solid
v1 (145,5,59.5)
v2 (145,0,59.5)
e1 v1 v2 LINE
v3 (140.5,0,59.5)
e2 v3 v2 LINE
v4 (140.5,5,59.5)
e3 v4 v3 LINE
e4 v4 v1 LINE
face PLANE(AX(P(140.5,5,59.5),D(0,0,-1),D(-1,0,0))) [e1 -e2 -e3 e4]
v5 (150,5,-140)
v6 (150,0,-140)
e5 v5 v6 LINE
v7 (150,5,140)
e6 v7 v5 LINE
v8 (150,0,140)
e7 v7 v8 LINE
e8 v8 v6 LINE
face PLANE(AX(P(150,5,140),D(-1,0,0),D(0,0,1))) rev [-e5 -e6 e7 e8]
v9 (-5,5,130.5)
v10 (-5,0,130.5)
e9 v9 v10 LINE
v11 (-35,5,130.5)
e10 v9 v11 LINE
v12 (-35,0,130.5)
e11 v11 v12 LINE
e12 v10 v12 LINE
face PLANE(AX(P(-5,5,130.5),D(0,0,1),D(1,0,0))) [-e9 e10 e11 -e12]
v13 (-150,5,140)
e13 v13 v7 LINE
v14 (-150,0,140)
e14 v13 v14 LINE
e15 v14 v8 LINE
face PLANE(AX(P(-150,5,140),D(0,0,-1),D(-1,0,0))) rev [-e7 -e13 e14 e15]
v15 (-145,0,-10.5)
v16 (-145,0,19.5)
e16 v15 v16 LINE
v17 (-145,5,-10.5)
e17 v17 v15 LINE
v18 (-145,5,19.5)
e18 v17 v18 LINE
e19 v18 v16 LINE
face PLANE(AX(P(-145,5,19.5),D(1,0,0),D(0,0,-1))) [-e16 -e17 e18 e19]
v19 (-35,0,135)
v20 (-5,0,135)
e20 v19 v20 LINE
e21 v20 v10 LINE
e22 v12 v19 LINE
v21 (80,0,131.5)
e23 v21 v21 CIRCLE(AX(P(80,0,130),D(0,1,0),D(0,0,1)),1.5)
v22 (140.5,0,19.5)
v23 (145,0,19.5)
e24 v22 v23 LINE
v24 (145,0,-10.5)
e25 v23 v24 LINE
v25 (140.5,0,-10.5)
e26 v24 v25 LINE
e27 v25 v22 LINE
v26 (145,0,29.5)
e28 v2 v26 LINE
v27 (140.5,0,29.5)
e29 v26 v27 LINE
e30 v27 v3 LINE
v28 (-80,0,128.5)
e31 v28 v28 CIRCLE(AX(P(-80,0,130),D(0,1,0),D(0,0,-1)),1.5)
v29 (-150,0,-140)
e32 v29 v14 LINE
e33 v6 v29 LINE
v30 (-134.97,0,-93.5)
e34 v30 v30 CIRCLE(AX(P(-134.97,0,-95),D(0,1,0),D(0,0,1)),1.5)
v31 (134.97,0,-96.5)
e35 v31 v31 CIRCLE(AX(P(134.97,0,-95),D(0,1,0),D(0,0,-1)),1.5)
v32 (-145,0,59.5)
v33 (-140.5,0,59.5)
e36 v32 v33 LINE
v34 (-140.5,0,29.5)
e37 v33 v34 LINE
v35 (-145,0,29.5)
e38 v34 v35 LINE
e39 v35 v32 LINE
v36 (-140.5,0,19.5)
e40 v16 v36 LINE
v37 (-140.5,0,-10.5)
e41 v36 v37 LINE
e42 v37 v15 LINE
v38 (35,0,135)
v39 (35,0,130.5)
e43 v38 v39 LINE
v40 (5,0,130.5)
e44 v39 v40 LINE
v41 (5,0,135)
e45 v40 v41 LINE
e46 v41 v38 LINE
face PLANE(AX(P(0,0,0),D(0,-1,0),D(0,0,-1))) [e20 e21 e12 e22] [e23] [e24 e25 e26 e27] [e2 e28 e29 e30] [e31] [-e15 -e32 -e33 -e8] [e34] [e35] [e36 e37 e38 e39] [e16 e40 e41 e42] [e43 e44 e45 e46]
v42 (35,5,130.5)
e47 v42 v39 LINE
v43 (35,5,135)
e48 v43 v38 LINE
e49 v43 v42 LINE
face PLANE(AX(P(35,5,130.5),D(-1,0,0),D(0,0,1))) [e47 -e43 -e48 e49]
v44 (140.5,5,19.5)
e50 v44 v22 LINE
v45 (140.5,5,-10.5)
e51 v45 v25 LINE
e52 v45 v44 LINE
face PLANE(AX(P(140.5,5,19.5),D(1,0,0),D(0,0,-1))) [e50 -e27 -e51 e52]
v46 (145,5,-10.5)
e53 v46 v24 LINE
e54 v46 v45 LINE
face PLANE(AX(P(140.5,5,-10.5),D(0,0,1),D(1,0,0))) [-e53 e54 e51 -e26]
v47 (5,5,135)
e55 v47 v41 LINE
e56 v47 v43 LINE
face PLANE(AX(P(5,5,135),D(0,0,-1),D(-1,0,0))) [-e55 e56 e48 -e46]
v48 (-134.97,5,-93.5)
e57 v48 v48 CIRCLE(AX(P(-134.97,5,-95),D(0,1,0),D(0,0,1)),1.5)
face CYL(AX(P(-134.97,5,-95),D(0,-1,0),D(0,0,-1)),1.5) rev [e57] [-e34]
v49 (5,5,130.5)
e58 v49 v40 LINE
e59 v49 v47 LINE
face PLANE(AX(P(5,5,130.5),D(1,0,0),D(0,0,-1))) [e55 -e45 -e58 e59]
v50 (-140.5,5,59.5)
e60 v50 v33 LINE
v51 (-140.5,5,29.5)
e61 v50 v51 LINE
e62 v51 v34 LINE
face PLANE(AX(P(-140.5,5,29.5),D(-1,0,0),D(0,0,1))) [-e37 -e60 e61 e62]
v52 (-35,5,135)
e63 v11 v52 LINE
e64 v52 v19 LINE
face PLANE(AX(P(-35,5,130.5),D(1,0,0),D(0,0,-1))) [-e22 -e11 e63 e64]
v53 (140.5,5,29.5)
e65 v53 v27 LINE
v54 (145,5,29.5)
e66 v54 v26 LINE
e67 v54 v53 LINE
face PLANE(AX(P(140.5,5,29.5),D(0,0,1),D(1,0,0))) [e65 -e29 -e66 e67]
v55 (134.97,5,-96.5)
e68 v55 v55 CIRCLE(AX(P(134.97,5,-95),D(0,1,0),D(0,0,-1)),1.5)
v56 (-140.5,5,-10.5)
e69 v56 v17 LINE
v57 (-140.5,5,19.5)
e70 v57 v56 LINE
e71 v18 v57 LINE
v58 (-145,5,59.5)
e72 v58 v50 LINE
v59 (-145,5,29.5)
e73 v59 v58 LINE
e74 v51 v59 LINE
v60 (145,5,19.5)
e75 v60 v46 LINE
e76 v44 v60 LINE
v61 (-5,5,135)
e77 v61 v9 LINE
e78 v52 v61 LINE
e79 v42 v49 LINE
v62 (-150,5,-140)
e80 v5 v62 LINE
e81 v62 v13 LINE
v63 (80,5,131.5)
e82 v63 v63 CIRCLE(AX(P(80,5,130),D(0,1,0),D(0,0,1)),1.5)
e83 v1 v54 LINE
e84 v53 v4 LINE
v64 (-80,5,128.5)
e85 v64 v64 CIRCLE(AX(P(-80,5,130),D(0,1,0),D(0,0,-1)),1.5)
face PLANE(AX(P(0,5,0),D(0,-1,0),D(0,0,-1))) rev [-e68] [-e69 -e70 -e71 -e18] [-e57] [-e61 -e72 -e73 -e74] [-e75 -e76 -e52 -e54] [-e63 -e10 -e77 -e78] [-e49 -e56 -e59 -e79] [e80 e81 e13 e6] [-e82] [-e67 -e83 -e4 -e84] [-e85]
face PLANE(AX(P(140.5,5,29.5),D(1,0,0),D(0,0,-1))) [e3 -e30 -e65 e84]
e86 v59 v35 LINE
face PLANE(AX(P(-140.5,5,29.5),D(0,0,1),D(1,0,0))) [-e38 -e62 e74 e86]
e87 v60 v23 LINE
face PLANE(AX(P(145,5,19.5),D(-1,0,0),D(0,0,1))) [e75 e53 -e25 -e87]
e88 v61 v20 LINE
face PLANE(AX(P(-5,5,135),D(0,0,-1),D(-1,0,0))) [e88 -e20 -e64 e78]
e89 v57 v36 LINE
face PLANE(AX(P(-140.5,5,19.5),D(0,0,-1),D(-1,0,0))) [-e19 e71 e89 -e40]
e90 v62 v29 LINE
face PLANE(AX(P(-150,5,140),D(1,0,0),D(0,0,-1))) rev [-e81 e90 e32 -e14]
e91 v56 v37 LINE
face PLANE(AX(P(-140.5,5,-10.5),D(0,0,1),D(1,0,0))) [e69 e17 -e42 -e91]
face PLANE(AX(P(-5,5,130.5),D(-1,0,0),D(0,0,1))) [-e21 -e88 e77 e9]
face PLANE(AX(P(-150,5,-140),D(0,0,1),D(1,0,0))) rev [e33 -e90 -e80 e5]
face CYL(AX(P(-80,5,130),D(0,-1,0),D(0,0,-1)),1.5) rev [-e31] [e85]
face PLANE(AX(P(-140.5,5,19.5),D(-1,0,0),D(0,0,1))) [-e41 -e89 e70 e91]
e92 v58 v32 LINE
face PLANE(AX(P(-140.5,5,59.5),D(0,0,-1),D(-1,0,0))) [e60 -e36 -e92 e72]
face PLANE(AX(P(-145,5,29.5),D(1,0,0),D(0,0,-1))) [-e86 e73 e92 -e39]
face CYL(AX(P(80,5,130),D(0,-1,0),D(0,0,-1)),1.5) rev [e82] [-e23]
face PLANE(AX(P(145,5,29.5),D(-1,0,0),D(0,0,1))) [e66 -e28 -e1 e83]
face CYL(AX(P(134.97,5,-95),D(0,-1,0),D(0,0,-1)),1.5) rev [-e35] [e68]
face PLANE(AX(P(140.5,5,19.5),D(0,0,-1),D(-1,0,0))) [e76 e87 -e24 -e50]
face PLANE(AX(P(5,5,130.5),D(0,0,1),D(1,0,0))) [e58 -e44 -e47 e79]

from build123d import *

# Parameters (mm, degrees)
SKETCH1_W           = 300
SKETCH1_H           = 280
SKETCH1_R           = 1.5
SKETCH1_W_2         = 30
SKETCH1_H_2         = 4.5
SKETCH1_W_3         = 4.5
SKETCH1_H_3         = 30
BOSS_EXTRUDE1_DEPTH = 5


with BuildPart() as part:
    # Sketch1 → Boss-Extrude1 (new body)
    with BuildSketch(Plane(origin=(0, 0, 0), x_dir=(1, 0, 0), z_dir=(0, 1, 0))):
        Rectangle(SKETCH1_W, SKETCH1_H)
        with Locations(Location((-134.97, 95, 0), (0, 0, 270))):
            Circle(SKETCH1_R, mode=Mode.SUBTRACT)
        with Locations(Location((134.97, 95, 0), (0, 0, 90))):
            Circle(SKETCH1_R, mode=Mode.SUBTRACT)
        with Locations(Location((80, -130, 0), (0, 0, 270))):
            Circle(SKETCH1_R, mode=Mode.SUBTRACT)
        with Locations(Location((-80, -130, 0), (0, 0, 90))):
            Circle(SKETCH1_R, mode=Mode.SUBTRACT)
        with Locations((-20, -132.75)):
            Rectangle(SKETCH1_W_2, SKETCH1_H_2, mode=Mode.SUBTRACT)
        with Locations((20, -132.75)):
            Rectangle(SKETCH1_W_2, SKETCH1_H_2, mode=Mode.SUBTRACT)
        with Locations((142.75, -44.5)):
            Rectangle(SKETCH1_W_3, SKETCH1_H_3, mode=Mode.SUBTRACT)
        with Locations((142.75, -4.5)):
            Rectangle(SKETCH1_W_3, SKETCH1_H_3, mode=Mode.SUBTRACT)
        with Locations((-142.75, -44.5)):
            Rectangle(SKETCH1_W_3, SKETCH1_H_3, mode=Mode.SUBTRACT)
        with Locations((-142.75, -4.5)):
            Rectangle(SKETCH1_W_3, SKETCH1_H_3, mode=Mode.SUBTRACT)
    extrude(amount=BOSS_EXTRUDE1_DEPTH)


solid = part.part
